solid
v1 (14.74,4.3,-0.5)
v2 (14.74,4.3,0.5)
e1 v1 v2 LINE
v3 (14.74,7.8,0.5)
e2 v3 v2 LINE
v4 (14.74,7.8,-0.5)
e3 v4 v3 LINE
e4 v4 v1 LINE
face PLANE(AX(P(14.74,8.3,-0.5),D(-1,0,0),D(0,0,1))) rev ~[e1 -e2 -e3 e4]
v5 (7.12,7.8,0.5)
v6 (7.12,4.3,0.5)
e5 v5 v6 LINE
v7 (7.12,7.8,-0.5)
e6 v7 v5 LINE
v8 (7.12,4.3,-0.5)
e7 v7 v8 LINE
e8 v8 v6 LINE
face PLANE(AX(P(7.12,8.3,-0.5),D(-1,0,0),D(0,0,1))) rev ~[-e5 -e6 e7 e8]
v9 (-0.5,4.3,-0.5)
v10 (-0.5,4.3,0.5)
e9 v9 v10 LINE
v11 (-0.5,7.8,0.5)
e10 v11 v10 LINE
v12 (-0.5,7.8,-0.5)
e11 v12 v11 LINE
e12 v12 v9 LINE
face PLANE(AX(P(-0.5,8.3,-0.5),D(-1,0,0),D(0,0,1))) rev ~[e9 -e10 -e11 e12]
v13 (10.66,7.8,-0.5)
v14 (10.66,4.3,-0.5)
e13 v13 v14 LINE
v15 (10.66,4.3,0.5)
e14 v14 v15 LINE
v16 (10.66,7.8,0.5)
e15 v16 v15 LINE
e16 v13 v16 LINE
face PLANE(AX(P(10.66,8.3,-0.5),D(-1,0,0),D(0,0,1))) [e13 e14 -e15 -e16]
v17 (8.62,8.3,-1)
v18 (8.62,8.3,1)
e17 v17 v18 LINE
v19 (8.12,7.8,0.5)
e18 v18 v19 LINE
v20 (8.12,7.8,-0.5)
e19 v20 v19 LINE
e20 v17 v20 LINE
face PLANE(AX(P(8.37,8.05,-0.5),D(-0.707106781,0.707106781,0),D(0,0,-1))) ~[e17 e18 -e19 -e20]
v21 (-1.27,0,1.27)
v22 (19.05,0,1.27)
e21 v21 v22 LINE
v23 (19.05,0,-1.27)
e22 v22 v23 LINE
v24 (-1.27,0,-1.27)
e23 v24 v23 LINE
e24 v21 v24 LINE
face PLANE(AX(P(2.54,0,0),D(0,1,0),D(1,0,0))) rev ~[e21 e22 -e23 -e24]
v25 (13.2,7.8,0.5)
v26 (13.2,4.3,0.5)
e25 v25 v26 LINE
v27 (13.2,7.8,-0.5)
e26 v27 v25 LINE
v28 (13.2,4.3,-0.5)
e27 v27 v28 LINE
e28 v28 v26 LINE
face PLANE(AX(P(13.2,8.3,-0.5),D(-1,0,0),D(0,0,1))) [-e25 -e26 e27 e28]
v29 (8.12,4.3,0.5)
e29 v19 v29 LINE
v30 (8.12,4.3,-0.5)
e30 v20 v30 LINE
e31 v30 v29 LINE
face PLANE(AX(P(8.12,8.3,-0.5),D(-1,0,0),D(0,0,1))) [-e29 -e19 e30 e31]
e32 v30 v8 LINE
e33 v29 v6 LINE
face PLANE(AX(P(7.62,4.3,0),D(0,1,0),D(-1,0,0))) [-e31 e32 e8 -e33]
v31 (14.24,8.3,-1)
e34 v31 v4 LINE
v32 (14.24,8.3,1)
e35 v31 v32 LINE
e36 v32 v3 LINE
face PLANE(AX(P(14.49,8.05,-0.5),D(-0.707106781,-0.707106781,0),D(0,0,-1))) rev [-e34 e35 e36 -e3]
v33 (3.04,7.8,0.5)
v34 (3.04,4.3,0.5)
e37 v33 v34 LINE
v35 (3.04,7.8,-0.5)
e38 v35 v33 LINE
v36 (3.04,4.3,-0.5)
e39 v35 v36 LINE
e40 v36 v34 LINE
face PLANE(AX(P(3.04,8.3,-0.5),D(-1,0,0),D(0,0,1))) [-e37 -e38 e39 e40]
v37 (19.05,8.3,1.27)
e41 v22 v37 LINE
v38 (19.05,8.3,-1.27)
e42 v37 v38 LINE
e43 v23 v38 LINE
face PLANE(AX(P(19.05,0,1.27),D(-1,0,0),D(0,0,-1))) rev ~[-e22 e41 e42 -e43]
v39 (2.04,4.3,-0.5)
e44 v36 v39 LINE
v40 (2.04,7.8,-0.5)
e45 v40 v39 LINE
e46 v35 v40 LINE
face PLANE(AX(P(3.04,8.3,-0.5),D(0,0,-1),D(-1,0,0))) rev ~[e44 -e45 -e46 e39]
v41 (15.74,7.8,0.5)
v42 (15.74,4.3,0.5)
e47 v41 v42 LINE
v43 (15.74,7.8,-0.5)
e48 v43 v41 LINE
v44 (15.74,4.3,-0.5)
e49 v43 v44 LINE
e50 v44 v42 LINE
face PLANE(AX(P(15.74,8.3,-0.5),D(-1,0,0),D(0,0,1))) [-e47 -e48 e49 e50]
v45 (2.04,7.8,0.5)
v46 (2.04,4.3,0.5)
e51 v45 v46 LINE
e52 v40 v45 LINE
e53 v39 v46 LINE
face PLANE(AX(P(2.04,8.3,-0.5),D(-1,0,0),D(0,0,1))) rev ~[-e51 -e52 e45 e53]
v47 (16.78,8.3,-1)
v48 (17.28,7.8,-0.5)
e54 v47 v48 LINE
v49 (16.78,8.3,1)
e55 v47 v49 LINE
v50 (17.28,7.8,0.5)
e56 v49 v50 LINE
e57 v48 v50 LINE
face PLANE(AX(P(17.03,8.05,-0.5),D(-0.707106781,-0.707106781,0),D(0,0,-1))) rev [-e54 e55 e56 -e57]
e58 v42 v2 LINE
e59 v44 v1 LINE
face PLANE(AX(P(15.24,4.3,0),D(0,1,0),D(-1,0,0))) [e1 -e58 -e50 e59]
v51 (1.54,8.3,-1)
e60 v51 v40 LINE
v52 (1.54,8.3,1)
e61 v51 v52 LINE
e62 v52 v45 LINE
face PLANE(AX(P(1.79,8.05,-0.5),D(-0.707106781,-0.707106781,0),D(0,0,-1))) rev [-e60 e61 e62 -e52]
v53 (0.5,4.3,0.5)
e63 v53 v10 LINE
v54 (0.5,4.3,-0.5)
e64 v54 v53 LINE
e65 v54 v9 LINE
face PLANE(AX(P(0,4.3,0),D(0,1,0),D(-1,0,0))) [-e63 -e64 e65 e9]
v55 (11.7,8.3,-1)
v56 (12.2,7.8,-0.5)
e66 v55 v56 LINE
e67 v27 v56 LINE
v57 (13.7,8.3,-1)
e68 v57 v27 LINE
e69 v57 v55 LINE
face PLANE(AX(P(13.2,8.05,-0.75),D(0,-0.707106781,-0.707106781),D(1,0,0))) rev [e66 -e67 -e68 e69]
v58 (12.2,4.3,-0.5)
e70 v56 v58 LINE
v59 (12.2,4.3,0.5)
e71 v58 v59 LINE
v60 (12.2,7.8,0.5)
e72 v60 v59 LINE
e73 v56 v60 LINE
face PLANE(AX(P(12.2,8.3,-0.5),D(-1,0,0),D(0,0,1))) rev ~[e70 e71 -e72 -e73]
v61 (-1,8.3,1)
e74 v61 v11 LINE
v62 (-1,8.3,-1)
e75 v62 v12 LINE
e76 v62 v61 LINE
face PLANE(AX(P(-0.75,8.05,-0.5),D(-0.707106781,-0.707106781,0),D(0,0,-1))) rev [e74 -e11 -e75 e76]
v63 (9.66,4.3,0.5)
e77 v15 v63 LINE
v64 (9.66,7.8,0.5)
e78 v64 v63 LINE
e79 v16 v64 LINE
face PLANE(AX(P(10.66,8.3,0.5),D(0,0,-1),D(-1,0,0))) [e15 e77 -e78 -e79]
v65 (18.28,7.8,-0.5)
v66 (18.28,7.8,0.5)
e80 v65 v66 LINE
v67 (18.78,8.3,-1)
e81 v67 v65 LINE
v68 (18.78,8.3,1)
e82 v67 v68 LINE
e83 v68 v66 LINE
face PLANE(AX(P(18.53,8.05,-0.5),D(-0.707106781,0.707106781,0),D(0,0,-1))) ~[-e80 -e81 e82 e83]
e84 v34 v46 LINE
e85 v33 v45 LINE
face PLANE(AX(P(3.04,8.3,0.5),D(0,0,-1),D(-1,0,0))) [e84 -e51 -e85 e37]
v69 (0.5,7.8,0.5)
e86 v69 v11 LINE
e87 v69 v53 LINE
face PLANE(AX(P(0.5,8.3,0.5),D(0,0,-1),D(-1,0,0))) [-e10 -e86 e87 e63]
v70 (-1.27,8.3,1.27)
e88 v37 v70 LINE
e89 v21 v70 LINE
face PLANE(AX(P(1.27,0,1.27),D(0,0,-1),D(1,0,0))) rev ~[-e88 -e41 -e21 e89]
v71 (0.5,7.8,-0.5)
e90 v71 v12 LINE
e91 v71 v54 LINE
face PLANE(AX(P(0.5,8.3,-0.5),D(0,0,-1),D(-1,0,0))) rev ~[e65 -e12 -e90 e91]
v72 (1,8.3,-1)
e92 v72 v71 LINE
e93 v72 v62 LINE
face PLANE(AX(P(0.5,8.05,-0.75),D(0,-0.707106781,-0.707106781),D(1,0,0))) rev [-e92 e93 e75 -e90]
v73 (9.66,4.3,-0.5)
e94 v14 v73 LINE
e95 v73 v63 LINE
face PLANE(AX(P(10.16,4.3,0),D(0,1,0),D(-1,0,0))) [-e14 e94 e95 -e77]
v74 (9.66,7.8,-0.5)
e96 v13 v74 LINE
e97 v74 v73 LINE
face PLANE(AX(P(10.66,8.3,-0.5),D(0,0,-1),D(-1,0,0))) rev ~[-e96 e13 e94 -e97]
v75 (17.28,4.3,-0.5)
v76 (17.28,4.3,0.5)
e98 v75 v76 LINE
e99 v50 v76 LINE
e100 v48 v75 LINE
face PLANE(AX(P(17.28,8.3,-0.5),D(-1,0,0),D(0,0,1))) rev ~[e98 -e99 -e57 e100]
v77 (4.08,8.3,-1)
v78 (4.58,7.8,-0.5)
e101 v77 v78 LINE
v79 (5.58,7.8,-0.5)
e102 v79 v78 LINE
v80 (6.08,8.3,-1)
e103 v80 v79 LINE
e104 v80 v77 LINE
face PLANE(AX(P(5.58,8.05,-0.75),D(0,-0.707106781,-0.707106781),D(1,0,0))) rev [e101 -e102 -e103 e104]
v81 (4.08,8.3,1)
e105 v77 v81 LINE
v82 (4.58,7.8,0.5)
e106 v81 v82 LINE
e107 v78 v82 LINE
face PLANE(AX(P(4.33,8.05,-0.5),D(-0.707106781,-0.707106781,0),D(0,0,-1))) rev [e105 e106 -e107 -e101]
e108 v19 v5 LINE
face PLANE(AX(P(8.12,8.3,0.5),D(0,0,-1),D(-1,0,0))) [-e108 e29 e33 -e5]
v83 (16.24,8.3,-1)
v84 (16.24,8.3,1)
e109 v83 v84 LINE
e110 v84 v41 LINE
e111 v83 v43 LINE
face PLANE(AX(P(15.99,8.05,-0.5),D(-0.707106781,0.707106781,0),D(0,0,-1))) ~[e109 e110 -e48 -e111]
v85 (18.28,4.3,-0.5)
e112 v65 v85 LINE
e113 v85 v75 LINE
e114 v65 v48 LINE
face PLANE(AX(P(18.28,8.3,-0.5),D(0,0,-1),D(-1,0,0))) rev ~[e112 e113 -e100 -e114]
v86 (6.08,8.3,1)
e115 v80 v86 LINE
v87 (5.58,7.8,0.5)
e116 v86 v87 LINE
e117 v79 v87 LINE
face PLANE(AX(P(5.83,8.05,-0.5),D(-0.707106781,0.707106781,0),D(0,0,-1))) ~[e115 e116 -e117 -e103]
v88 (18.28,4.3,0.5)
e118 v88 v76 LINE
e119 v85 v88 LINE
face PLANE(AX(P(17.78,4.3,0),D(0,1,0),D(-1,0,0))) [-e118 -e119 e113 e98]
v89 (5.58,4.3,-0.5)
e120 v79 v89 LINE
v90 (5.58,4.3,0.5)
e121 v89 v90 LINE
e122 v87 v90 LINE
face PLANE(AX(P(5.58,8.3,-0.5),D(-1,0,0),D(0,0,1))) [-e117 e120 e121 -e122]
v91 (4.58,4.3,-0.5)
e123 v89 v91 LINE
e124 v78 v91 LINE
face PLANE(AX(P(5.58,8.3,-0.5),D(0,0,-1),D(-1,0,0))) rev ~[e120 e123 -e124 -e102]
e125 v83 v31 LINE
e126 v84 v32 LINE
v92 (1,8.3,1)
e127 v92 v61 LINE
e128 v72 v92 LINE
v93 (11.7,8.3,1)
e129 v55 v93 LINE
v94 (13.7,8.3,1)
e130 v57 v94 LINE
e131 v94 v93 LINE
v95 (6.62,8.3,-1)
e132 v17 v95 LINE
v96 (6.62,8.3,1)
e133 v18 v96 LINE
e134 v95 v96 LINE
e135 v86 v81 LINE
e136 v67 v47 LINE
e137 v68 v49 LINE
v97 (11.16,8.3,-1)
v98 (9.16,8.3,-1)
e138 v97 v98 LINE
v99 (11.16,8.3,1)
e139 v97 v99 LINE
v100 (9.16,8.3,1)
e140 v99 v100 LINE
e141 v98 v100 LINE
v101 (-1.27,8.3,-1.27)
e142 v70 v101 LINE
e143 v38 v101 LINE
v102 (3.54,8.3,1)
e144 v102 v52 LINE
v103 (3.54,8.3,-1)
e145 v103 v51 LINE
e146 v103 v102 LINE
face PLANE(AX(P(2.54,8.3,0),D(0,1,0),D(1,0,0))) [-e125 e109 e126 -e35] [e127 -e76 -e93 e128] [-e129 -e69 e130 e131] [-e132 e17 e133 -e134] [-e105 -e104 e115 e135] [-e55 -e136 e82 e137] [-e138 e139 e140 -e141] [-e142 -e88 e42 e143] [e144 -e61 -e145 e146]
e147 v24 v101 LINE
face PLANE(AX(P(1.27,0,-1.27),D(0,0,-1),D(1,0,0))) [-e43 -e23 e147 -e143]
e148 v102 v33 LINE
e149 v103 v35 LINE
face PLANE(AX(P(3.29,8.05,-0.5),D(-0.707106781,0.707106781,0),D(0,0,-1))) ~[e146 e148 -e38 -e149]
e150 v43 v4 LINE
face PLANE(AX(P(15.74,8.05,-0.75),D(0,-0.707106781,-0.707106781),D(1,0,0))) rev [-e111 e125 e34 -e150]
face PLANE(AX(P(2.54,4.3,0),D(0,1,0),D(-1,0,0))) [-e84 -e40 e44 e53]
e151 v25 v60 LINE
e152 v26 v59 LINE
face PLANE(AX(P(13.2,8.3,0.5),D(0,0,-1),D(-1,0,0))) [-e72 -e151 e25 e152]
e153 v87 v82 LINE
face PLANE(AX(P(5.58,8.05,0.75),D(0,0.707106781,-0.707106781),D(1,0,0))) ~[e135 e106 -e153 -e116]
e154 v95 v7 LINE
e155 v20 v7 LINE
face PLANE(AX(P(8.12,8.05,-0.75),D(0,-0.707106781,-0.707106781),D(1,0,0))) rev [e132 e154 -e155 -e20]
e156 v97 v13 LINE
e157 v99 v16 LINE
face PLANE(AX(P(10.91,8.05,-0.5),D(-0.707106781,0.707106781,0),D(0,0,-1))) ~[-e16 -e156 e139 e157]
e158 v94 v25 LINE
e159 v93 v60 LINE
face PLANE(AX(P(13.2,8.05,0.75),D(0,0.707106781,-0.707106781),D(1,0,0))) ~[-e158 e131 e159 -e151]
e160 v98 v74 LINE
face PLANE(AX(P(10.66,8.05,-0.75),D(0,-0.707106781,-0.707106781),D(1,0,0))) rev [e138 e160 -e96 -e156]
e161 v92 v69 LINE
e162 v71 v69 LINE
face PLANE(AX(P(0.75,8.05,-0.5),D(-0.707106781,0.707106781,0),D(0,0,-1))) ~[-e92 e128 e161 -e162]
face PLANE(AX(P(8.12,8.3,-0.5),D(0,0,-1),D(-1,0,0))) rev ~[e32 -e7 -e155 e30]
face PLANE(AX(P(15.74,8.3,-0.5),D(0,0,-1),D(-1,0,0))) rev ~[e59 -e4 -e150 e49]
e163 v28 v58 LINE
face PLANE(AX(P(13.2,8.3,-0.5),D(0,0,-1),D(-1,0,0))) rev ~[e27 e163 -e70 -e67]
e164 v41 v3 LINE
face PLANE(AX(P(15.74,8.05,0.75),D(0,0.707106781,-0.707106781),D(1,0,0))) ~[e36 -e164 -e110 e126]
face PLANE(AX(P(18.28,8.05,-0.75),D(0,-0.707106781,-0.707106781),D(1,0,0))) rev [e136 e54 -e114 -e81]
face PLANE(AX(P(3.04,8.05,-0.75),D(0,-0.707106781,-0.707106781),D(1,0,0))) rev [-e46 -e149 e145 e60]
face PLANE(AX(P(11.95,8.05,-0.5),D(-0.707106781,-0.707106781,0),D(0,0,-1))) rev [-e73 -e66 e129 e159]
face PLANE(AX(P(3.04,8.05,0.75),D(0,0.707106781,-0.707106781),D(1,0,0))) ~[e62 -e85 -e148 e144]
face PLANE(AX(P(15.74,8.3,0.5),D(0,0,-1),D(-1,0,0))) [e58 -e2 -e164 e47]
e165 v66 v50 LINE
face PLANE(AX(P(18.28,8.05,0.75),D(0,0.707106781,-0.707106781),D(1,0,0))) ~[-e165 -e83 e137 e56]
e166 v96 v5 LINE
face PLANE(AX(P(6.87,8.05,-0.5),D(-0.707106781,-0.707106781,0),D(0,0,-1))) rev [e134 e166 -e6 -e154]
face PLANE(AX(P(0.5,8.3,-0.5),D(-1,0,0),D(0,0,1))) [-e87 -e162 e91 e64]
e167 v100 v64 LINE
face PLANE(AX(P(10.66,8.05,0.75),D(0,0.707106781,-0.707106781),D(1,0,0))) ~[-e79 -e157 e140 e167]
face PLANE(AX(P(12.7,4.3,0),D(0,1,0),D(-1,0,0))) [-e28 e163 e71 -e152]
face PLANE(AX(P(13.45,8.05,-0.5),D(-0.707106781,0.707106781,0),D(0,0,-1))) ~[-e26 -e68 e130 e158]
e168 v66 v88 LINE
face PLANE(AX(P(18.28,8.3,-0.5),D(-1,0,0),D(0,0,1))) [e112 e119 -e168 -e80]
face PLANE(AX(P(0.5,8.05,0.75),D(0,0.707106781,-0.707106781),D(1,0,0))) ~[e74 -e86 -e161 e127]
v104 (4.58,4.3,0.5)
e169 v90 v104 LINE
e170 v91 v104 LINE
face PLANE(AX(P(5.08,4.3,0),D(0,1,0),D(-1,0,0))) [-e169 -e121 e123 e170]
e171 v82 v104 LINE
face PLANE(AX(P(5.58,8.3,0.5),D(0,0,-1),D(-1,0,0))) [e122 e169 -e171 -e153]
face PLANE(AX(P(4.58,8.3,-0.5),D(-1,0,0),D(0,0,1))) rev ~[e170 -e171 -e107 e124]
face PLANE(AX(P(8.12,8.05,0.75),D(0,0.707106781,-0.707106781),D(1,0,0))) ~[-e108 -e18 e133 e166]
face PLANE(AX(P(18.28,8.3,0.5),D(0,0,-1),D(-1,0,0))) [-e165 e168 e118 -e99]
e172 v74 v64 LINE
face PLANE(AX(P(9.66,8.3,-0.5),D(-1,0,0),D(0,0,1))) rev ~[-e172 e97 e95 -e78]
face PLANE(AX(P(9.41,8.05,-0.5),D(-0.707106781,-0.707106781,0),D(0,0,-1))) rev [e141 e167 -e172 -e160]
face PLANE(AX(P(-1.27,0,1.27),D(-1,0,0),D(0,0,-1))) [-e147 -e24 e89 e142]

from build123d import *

# Parameters (mm, degrees)
SKETCH1_W                  = 2.54
SKETCH1_H                  = 2.54
BOSS_EXTRUDE1_DEPTH        = 8.3
SKETCH2_W                  = 1
SKETCH2_H                  = 1
CUT_EXTRUDE1_DEPTH         = 4
CHAMFER1_SIZE              = 0.5
LPATTERN1_COUNT            = 8
LPATTERN1_PITCH            = 2.54
CHAMFER1_OF_LPATTERN1_SIZE = 0.5


with BuildPart() as part:
    # Sketch1 → Boss-Extrude1 (new body)
    with BuildSketch(Plane(origin=(0, 0, 0), x_dir=(1, 0, 0), z_dir=(0, 1, 0))):
        Rectangle(SKETCH1_W, SKETCH1_H)
    boss_extrude1 = extrude(amount=BOSS_EXTRUDE1_DEPTH)

    # Sketch2 → Cut-Extrude1 (cut)
    with BuildSketch(Plane(origin=(0, 8.3, 0), x_dir=(-1, 0, 0), z_dir=(0, 1, 0))):
        Rectangle(SKETCH2_W, SKETCH2_H)
    cut_extrude1 = extrude(amount=-CUT_EXTRUDE1_DEPTH, mode=Mode.SUBTRACT)

    # Chamfer1
    chamfer1_edges = [part.edges().sort_by_distance(p)[0] for p in [
        (0, 8.3, 0.5),
        (0.5, 8.3, 0),
        (0, 8.3, -0.5),
        (-0.5, 8.3, 0),
    ]]
    chamfer(chamfer1_edges, length=CHAMFER1_SIZE)

    # LPattern1: Boss-Extrude1, Cut-Extrude1 ×8
    with Locations(*[(i * LPATTERN1_PITCH, 0, 0) for i in range(1, LPATTERN1_COUNT)]):
        add(boss_extrude1)
        add(cut_extrude1, mode=Mode.SUBTRACT)

    # Chamfer1 of LPattern1
    chamfer1_of_lpattern1_edges = [part.edges().sort_by_distance(p)[0] for p in [
        (2.54, 8.3, 0.5),
        (3.04, 8.3, 0),
        (2.54, 8.3, -0.5),
        (2.04, 8.3, 0),
        (5.08, 8.3, 0.5),
        (5.58, 8.3, 0),
        (5.08, 8.3, -0.5),
        (4.58, 8.3, 0),
        (7.62, 8.3, 0.5),
        (8.12, 8.3, 0),
        (7.62, 8.3, -0.5),
        (7.12, 8.3, 0),
        (10.16, 8.3, 0.5),
        (10.66, 8.3, 0),
        (10.16, 8.3, -0.5),
        (9.66, 8.3, 0),
        (12.7, 8.3, 0.5),
        (13.2, 8.3, 0),
        (12.7, 8.3, -0.5),
        (12.2, 8.3, 0),
        (15.24, 8.3, 0.5),
        (15.74, 8.3, 0),
        (15.24, 8.3, -0.5),
        (14.74, 8.3, 0),
        (17.78, 8.3, 0.5),
        (18.28, 8.3, 0),
        (17.78, 8.3, -0.5),
        (17.28, 8.3, 0),
    ]]
    chamfer(chamfer1_of_lpattern1_edges, length=CHAMFER1_OF_LPATTERN1_SIZE)


solid = part.part
